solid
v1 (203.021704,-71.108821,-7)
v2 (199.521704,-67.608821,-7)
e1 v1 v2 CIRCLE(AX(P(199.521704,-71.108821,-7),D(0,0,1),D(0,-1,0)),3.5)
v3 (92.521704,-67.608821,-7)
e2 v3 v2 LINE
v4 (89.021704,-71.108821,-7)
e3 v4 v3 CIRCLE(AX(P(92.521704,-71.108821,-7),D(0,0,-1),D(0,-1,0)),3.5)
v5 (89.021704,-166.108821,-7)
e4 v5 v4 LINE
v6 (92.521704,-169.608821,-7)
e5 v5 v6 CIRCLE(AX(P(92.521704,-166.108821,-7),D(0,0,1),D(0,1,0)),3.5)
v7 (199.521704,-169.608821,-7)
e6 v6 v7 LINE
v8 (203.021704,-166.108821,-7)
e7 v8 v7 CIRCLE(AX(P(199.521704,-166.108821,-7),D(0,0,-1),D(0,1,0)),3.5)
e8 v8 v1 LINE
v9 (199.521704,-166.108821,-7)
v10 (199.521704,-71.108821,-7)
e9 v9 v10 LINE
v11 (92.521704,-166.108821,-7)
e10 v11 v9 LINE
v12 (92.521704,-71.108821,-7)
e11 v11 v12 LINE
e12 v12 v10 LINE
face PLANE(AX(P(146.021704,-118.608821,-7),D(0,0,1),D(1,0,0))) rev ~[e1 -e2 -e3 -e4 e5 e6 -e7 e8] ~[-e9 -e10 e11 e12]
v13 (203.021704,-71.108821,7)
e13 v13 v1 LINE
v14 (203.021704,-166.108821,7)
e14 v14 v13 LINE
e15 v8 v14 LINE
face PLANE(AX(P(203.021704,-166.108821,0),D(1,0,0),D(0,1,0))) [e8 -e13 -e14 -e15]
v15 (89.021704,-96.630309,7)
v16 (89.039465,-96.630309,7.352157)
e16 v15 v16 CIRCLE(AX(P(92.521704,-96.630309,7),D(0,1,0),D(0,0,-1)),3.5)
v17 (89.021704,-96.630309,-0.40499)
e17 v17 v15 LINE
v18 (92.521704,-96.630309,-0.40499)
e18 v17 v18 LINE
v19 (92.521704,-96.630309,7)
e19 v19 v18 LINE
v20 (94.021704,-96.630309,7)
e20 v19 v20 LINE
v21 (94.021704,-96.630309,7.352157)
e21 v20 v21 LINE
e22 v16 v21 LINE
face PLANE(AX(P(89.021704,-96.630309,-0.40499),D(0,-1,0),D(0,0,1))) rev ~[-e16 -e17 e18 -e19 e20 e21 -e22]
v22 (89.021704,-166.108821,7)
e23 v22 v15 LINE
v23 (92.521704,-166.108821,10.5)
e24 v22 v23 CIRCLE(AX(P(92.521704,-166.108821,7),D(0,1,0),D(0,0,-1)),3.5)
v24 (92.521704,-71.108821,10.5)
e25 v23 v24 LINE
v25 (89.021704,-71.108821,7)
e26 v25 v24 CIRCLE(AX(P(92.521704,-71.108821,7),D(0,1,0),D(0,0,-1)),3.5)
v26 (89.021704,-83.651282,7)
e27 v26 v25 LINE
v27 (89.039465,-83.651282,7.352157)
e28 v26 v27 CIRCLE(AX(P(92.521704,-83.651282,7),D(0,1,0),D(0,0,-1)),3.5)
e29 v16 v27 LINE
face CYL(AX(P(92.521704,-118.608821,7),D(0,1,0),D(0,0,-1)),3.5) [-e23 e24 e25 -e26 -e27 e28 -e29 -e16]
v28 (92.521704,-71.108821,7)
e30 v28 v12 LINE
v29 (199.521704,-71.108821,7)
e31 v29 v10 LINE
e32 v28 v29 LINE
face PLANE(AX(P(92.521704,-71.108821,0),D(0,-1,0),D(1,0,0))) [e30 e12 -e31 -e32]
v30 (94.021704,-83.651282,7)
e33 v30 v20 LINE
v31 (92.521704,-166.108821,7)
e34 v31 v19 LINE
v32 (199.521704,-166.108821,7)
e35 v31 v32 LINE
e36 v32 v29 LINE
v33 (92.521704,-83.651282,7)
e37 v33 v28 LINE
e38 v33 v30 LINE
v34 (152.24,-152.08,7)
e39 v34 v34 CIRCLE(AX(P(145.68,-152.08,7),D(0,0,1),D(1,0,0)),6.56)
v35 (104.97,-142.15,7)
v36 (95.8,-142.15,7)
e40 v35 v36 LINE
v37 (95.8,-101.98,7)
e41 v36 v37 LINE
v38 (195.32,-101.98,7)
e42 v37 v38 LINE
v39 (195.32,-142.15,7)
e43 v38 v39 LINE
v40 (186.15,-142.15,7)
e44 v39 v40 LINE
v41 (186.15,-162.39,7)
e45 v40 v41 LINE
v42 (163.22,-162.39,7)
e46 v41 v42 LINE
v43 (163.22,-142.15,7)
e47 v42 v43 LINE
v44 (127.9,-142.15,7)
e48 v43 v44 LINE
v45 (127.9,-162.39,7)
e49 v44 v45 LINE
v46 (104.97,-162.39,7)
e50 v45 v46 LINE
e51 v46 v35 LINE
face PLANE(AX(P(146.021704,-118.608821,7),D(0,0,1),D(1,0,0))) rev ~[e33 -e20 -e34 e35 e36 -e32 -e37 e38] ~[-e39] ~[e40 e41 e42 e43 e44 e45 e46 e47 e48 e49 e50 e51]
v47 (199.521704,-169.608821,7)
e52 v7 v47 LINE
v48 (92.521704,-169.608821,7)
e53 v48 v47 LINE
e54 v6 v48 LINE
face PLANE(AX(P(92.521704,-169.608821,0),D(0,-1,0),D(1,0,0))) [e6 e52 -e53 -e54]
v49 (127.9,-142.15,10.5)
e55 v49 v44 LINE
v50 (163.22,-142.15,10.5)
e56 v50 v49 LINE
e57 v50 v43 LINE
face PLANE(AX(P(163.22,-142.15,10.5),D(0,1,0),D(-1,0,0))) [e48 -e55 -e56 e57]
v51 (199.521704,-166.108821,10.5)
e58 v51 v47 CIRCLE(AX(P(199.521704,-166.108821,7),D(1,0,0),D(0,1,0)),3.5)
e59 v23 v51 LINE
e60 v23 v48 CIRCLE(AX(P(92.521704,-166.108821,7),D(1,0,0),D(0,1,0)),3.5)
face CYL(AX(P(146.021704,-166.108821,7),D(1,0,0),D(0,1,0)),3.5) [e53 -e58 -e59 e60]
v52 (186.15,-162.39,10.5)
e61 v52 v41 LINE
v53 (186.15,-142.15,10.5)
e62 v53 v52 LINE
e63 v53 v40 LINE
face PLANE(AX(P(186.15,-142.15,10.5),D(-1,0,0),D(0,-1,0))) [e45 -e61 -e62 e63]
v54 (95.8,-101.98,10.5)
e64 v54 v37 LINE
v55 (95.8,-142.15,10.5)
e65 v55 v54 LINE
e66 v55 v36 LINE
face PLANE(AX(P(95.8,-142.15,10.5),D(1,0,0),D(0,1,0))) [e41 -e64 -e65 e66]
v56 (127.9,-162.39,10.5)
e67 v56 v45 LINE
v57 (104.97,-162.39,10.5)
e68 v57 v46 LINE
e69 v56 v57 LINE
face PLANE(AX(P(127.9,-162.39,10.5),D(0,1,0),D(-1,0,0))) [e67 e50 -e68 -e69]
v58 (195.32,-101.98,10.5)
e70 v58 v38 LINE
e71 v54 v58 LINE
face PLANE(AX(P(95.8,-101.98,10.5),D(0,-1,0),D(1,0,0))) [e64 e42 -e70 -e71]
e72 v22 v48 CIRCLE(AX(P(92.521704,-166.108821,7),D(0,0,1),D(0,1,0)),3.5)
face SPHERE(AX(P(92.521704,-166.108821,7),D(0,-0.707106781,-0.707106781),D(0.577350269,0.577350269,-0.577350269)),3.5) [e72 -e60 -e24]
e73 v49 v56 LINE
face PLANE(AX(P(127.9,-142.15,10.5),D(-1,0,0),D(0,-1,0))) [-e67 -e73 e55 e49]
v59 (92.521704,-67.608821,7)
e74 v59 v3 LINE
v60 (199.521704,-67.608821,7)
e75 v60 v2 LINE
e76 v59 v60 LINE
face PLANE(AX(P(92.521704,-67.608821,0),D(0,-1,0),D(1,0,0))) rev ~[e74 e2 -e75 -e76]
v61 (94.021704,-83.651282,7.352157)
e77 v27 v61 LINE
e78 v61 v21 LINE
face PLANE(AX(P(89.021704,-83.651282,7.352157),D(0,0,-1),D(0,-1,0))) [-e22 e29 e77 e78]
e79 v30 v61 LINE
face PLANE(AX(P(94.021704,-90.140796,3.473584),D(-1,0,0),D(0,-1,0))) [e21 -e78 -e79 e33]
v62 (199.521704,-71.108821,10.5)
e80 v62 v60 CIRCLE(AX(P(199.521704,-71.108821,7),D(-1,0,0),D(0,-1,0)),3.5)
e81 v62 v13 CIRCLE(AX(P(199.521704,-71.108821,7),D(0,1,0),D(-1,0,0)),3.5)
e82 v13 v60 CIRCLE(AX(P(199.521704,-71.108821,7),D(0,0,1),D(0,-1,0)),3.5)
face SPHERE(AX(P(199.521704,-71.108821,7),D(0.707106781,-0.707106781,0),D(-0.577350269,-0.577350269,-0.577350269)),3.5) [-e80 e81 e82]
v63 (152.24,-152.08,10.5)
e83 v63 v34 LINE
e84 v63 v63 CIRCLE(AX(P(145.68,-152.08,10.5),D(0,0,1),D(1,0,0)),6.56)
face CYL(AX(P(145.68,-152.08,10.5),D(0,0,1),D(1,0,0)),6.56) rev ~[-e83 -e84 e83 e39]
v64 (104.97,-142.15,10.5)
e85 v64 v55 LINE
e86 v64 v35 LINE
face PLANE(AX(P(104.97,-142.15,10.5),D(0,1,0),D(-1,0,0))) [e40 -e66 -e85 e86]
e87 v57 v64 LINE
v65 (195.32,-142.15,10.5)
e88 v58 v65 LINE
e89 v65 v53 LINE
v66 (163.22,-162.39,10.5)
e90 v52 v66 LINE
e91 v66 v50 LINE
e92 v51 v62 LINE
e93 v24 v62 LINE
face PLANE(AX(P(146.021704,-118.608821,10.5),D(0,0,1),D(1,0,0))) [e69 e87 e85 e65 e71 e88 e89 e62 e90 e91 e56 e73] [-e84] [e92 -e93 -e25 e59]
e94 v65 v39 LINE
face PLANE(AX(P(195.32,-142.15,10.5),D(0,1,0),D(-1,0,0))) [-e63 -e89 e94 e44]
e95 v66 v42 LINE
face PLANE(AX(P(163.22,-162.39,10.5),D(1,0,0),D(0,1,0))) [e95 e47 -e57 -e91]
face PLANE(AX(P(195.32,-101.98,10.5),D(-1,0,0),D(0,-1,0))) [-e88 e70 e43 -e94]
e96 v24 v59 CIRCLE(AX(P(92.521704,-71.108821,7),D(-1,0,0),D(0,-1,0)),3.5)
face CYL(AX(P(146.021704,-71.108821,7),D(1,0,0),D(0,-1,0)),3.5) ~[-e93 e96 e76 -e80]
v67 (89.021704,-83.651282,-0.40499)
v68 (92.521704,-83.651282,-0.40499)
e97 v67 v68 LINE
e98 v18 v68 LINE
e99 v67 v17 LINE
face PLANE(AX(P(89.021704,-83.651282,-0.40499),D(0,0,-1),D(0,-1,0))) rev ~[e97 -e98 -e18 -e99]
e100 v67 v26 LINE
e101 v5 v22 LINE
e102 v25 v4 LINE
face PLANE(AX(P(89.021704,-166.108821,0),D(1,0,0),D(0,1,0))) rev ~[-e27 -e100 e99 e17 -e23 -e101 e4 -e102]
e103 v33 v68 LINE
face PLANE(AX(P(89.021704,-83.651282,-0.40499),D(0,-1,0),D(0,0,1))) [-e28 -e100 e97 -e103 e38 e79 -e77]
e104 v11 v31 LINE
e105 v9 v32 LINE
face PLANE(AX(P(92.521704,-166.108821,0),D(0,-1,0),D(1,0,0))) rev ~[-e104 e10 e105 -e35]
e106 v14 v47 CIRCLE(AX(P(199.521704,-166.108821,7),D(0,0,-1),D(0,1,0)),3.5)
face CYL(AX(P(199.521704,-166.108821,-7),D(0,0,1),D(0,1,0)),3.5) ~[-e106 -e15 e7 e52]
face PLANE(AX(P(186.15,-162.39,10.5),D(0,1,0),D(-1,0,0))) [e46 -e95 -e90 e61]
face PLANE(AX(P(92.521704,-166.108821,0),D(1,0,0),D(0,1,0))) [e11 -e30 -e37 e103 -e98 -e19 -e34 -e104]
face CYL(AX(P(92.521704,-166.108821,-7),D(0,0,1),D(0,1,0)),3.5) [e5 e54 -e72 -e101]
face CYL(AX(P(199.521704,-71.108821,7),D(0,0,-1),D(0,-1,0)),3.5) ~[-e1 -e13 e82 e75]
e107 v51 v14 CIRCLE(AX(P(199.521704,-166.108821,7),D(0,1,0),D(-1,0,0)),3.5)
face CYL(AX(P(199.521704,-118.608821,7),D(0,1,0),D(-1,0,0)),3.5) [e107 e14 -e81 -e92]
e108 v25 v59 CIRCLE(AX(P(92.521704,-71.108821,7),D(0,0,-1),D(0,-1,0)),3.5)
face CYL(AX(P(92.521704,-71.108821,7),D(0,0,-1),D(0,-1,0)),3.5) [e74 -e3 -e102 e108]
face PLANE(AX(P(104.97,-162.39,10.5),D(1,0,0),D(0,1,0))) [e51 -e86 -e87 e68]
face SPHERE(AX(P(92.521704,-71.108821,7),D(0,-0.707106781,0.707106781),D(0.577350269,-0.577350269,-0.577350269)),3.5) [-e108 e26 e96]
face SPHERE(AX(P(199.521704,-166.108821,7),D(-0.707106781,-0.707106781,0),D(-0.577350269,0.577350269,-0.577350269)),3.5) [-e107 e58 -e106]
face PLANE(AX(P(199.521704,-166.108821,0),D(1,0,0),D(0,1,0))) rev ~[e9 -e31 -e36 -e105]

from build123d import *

# Parameters (mm, degrees)
SKETCH_W        = 107
SKETCH_H        = 95
PAD_DEPTH       = 7
THICKNESS_T     = 3.5
SKETCH001_R     = 6.56
POCKET_DEPTH    = 5
SKETCH002_W     = 12.979027
SKETCH002_H     = 7.757147
POCKET001_DEPTH = 5


with BuildPart() as part:
    # Sketch → Pad (new body, symmetric)
    with BuildSketch(Plane.XY):
        with Locations((146.021704, -118.608821)):
            Rectangle(SKETCH_W, SKETCH_H)
    extrude(amount=PAD_DEPTH, both=True)

    # Thickness
    thickness_openings = [part.faces().sort_by_distance(p)[0] for p in [
        (146.021704, -118.608821, -7),
    ]]
    offset(amount=THICKNESS_T, openings=thickness_openings)

    # Sketch001 (on Face18 of Thickness) → Pocket (cut)
    with BuildSketch(Plane.XY.offset(10.5)):
        with Locations((145.68, -152.08)):
            Circle(SKETCH001_R)
        Polygon((95.8, -101.98), (195.32, -101.98), (195.32, -142.15), (186.15, -142.15), (186.15, -162.39), (163.22, -162.39), (163.22, -142.15), (127.9, -142.15), (127.9, -162.39), (104.97, -162.39), (104.97, -142.15), (95.8, -142.15), align=None)
    extrude(amount=-POCKET_DEPTH, mode=Mode.SUBTRACT)

    # Sketch002 (on Face11 of Pocket) → Pocket001 (cut)
    with BuildSketch(Plane(origin=(89.021704, 0, 0), x_dir=(0, -1, 0), z_dir=(-1, 0, 0))):
        with Locations((90.140796, 3.473584)):
            Rectangle(SKETCH002_W, SKETCH002_H)
    extrude(amount=-POCKET001_DEPTH, mode=Mode.SUBTRACT)


solid = part.part
